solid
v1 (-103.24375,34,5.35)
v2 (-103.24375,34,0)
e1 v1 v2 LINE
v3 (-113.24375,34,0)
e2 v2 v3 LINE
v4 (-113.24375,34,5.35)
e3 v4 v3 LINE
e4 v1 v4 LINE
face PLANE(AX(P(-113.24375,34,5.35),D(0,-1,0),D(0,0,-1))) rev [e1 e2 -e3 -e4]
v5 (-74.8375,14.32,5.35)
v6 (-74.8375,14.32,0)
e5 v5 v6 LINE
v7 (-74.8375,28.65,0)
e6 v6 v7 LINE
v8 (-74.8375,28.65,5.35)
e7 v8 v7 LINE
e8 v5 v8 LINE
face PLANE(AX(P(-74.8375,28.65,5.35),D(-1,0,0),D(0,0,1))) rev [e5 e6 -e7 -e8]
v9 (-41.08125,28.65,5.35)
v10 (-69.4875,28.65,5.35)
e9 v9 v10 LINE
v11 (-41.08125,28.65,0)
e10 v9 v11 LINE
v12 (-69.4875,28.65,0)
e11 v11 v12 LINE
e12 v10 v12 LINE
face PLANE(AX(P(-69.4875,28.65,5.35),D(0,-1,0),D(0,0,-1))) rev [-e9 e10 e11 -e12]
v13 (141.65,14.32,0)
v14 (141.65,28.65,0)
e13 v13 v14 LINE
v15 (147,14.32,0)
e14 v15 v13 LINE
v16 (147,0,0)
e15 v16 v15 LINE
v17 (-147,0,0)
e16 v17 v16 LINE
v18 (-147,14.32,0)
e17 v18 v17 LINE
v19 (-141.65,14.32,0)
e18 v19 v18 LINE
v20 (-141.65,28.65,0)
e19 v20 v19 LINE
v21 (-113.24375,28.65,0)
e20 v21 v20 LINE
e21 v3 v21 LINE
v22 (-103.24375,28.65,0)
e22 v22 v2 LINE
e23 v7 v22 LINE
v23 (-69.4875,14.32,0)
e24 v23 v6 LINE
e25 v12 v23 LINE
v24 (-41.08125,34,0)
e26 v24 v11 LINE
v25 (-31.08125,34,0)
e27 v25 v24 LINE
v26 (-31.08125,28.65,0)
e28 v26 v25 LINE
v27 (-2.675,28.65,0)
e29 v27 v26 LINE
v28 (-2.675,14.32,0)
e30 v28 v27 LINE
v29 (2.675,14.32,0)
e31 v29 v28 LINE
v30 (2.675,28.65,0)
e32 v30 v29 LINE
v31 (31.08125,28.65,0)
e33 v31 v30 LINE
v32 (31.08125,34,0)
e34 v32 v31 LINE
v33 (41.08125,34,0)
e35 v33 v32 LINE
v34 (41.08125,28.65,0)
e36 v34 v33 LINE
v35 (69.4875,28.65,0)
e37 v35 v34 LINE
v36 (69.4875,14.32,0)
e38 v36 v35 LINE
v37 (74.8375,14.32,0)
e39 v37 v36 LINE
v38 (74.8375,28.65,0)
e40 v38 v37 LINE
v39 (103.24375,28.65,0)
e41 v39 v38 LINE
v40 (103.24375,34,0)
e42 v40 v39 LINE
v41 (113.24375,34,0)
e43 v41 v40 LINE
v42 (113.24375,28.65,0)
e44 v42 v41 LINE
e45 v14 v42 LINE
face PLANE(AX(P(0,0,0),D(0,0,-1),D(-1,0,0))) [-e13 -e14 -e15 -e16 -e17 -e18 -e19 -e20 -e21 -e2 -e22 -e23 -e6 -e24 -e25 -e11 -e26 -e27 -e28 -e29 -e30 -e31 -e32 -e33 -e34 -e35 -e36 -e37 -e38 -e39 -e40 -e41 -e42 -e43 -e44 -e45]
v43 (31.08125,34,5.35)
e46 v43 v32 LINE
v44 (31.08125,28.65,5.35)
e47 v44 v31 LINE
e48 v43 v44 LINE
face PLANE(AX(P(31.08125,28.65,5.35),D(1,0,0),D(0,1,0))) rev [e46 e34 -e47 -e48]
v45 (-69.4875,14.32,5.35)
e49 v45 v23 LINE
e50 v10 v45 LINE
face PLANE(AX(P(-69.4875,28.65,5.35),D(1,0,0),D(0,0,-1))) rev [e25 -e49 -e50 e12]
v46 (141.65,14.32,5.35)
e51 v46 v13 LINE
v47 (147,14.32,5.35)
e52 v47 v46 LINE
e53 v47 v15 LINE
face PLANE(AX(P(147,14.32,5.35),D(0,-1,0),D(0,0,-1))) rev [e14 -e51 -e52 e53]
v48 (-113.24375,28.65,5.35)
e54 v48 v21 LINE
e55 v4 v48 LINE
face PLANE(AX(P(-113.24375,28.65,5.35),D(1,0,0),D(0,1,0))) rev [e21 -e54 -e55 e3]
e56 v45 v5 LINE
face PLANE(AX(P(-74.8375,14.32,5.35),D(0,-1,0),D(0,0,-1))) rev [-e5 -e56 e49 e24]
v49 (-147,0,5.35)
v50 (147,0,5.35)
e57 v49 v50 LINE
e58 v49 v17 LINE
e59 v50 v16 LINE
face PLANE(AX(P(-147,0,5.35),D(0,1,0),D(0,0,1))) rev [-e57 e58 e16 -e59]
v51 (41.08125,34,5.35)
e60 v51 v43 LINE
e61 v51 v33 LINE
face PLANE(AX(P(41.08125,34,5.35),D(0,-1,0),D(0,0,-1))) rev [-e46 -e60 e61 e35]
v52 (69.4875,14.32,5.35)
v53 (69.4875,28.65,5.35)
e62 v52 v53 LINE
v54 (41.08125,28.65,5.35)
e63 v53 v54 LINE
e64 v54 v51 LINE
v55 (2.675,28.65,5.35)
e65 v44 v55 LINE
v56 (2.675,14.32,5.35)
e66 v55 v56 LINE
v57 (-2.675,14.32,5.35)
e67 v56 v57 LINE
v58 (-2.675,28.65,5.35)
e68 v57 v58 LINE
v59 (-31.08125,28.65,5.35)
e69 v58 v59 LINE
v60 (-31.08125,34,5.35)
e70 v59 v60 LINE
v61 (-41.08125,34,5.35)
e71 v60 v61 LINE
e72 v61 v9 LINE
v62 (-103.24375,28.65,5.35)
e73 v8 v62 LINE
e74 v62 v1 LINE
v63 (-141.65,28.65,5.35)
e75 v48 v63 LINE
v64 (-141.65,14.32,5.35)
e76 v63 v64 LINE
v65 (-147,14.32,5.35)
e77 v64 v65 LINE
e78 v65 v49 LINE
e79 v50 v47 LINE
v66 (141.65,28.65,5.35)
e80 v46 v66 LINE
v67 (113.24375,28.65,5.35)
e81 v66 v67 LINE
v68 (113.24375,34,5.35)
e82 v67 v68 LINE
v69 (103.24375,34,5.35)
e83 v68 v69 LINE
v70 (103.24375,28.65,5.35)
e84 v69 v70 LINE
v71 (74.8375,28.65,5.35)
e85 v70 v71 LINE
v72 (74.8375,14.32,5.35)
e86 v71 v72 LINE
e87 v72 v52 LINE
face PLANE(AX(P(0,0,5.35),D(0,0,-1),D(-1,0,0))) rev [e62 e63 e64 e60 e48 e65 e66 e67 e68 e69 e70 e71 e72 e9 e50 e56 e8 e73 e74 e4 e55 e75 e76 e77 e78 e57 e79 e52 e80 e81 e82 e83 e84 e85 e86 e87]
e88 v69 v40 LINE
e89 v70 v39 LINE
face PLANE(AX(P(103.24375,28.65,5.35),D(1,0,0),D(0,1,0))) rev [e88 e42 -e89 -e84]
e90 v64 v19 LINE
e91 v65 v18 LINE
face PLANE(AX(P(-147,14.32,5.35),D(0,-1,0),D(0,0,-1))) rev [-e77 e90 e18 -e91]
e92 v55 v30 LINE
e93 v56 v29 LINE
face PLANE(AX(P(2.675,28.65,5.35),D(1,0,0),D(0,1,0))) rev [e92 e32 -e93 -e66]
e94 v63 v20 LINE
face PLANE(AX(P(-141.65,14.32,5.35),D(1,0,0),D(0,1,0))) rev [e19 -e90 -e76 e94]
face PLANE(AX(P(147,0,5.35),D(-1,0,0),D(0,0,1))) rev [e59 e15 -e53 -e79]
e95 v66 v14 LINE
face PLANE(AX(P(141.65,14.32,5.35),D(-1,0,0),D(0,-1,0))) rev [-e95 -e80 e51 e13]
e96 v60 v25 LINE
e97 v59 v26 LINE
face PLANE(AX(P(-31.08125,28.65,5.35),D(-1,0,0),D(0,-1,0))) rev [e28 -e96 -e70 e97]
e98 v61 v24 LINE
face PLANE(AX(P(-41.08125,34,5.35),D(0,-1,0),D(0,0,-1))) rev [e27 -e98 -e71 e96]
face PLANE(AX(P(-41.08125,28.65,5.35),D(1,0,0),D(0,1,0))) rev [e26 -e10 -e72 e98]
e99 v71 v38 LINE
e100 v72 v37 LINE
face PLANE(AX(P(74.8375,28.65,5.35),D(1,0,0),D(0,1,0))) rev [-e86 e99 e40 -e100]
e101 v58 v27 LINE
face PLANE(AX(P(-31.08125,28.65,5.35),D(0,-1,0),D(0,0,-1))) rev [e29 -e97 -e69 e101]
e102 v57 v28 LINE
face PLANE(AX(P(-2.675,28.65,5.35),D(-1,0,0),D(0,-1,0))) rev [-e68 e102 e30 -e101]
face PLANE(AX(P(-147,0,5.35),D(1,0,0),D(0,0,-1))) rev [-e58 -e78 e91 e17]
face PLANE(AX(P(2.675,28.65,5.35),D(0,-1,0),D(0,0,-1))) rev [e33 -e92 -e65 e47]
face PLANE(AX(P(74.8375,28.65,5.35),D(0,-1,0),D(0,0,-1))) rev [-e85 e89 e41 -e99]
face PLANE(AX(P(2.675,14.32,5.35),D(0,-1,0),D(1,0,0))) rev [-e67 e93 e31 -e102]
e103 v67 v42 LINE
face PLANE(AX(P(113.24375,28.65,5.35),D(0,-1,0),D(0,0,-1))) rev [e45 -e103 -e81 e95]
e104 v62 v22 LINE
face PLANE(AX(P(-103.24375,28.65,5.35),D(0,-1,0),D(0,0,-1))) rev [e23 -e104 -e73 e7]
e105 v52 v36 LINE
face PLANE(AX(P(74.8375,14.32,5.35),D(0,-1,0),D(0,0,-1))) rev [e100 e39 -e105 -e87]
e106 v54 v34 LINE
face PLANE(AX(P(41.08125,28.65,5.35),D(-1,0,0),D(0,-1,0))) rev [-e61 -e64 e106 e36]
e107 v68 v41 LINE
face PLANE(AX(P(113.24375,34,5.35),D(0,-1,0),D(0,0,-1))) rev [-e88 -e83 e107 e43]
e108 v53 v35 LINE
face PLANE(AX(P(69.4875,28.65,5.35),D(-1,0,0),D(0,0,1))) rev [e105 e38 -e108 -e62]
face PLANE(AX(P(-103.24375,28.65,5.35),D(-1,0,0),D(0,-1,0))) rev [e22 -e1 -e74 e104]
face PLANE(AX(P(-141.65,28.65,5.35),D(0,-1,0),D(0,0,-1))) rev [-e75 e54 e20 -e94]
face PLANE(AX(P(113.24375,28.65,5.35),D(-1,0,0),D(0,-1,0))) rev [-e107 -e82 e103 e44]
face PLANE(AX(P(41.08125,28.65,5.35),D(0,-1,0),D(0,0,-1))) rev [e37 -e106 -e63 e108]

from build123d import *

# Parameters (mm, degrees)
BOSS_EXTRUDE1_DEPTH = 5.35


with BuildPart() as part:
    # Model → Boss-Extrude1 (new body)
    with BuildSketch(Plane.XY):
        Polygon((113.24375, 28.65), (141.65, 28.65), (141.65, 14.32), (147, 14.32), (147, 0), (-147, 0), (-147, 14.32), (-141.65, 14.32), (-141.65, 28.65), (-113.24375, 28.65), (-113.24375, 34), (-103.24375, 34), (-103.24375, 28.65), (-74.8375, 28.65), (-74.8375, 14.32), (-69.4875, 14.32), (-69.4875, 28.65), (-41.08125, 28.65), (-41.08125, 34), (-31.08125, 34), (-31.08125, 28.65), (-2.675, 28.65), (-2.675, 14.32), (2.675, 14.32), (2.675, 28.65), (31.08125, 28.65), (31.08125, 34), (41.08125, 34), (41.08125, 28.65), (69.4875, 28.65), (69.4875, 14.32), (74.8375, 14.32), (74.8375, 28.65), (103.24375, 28.65), (103.24375, 34), (113.24375, 34), align=None)
    extrude(amount=BOSS_EXTRUDE1_DEPTH)


solid = part.part
